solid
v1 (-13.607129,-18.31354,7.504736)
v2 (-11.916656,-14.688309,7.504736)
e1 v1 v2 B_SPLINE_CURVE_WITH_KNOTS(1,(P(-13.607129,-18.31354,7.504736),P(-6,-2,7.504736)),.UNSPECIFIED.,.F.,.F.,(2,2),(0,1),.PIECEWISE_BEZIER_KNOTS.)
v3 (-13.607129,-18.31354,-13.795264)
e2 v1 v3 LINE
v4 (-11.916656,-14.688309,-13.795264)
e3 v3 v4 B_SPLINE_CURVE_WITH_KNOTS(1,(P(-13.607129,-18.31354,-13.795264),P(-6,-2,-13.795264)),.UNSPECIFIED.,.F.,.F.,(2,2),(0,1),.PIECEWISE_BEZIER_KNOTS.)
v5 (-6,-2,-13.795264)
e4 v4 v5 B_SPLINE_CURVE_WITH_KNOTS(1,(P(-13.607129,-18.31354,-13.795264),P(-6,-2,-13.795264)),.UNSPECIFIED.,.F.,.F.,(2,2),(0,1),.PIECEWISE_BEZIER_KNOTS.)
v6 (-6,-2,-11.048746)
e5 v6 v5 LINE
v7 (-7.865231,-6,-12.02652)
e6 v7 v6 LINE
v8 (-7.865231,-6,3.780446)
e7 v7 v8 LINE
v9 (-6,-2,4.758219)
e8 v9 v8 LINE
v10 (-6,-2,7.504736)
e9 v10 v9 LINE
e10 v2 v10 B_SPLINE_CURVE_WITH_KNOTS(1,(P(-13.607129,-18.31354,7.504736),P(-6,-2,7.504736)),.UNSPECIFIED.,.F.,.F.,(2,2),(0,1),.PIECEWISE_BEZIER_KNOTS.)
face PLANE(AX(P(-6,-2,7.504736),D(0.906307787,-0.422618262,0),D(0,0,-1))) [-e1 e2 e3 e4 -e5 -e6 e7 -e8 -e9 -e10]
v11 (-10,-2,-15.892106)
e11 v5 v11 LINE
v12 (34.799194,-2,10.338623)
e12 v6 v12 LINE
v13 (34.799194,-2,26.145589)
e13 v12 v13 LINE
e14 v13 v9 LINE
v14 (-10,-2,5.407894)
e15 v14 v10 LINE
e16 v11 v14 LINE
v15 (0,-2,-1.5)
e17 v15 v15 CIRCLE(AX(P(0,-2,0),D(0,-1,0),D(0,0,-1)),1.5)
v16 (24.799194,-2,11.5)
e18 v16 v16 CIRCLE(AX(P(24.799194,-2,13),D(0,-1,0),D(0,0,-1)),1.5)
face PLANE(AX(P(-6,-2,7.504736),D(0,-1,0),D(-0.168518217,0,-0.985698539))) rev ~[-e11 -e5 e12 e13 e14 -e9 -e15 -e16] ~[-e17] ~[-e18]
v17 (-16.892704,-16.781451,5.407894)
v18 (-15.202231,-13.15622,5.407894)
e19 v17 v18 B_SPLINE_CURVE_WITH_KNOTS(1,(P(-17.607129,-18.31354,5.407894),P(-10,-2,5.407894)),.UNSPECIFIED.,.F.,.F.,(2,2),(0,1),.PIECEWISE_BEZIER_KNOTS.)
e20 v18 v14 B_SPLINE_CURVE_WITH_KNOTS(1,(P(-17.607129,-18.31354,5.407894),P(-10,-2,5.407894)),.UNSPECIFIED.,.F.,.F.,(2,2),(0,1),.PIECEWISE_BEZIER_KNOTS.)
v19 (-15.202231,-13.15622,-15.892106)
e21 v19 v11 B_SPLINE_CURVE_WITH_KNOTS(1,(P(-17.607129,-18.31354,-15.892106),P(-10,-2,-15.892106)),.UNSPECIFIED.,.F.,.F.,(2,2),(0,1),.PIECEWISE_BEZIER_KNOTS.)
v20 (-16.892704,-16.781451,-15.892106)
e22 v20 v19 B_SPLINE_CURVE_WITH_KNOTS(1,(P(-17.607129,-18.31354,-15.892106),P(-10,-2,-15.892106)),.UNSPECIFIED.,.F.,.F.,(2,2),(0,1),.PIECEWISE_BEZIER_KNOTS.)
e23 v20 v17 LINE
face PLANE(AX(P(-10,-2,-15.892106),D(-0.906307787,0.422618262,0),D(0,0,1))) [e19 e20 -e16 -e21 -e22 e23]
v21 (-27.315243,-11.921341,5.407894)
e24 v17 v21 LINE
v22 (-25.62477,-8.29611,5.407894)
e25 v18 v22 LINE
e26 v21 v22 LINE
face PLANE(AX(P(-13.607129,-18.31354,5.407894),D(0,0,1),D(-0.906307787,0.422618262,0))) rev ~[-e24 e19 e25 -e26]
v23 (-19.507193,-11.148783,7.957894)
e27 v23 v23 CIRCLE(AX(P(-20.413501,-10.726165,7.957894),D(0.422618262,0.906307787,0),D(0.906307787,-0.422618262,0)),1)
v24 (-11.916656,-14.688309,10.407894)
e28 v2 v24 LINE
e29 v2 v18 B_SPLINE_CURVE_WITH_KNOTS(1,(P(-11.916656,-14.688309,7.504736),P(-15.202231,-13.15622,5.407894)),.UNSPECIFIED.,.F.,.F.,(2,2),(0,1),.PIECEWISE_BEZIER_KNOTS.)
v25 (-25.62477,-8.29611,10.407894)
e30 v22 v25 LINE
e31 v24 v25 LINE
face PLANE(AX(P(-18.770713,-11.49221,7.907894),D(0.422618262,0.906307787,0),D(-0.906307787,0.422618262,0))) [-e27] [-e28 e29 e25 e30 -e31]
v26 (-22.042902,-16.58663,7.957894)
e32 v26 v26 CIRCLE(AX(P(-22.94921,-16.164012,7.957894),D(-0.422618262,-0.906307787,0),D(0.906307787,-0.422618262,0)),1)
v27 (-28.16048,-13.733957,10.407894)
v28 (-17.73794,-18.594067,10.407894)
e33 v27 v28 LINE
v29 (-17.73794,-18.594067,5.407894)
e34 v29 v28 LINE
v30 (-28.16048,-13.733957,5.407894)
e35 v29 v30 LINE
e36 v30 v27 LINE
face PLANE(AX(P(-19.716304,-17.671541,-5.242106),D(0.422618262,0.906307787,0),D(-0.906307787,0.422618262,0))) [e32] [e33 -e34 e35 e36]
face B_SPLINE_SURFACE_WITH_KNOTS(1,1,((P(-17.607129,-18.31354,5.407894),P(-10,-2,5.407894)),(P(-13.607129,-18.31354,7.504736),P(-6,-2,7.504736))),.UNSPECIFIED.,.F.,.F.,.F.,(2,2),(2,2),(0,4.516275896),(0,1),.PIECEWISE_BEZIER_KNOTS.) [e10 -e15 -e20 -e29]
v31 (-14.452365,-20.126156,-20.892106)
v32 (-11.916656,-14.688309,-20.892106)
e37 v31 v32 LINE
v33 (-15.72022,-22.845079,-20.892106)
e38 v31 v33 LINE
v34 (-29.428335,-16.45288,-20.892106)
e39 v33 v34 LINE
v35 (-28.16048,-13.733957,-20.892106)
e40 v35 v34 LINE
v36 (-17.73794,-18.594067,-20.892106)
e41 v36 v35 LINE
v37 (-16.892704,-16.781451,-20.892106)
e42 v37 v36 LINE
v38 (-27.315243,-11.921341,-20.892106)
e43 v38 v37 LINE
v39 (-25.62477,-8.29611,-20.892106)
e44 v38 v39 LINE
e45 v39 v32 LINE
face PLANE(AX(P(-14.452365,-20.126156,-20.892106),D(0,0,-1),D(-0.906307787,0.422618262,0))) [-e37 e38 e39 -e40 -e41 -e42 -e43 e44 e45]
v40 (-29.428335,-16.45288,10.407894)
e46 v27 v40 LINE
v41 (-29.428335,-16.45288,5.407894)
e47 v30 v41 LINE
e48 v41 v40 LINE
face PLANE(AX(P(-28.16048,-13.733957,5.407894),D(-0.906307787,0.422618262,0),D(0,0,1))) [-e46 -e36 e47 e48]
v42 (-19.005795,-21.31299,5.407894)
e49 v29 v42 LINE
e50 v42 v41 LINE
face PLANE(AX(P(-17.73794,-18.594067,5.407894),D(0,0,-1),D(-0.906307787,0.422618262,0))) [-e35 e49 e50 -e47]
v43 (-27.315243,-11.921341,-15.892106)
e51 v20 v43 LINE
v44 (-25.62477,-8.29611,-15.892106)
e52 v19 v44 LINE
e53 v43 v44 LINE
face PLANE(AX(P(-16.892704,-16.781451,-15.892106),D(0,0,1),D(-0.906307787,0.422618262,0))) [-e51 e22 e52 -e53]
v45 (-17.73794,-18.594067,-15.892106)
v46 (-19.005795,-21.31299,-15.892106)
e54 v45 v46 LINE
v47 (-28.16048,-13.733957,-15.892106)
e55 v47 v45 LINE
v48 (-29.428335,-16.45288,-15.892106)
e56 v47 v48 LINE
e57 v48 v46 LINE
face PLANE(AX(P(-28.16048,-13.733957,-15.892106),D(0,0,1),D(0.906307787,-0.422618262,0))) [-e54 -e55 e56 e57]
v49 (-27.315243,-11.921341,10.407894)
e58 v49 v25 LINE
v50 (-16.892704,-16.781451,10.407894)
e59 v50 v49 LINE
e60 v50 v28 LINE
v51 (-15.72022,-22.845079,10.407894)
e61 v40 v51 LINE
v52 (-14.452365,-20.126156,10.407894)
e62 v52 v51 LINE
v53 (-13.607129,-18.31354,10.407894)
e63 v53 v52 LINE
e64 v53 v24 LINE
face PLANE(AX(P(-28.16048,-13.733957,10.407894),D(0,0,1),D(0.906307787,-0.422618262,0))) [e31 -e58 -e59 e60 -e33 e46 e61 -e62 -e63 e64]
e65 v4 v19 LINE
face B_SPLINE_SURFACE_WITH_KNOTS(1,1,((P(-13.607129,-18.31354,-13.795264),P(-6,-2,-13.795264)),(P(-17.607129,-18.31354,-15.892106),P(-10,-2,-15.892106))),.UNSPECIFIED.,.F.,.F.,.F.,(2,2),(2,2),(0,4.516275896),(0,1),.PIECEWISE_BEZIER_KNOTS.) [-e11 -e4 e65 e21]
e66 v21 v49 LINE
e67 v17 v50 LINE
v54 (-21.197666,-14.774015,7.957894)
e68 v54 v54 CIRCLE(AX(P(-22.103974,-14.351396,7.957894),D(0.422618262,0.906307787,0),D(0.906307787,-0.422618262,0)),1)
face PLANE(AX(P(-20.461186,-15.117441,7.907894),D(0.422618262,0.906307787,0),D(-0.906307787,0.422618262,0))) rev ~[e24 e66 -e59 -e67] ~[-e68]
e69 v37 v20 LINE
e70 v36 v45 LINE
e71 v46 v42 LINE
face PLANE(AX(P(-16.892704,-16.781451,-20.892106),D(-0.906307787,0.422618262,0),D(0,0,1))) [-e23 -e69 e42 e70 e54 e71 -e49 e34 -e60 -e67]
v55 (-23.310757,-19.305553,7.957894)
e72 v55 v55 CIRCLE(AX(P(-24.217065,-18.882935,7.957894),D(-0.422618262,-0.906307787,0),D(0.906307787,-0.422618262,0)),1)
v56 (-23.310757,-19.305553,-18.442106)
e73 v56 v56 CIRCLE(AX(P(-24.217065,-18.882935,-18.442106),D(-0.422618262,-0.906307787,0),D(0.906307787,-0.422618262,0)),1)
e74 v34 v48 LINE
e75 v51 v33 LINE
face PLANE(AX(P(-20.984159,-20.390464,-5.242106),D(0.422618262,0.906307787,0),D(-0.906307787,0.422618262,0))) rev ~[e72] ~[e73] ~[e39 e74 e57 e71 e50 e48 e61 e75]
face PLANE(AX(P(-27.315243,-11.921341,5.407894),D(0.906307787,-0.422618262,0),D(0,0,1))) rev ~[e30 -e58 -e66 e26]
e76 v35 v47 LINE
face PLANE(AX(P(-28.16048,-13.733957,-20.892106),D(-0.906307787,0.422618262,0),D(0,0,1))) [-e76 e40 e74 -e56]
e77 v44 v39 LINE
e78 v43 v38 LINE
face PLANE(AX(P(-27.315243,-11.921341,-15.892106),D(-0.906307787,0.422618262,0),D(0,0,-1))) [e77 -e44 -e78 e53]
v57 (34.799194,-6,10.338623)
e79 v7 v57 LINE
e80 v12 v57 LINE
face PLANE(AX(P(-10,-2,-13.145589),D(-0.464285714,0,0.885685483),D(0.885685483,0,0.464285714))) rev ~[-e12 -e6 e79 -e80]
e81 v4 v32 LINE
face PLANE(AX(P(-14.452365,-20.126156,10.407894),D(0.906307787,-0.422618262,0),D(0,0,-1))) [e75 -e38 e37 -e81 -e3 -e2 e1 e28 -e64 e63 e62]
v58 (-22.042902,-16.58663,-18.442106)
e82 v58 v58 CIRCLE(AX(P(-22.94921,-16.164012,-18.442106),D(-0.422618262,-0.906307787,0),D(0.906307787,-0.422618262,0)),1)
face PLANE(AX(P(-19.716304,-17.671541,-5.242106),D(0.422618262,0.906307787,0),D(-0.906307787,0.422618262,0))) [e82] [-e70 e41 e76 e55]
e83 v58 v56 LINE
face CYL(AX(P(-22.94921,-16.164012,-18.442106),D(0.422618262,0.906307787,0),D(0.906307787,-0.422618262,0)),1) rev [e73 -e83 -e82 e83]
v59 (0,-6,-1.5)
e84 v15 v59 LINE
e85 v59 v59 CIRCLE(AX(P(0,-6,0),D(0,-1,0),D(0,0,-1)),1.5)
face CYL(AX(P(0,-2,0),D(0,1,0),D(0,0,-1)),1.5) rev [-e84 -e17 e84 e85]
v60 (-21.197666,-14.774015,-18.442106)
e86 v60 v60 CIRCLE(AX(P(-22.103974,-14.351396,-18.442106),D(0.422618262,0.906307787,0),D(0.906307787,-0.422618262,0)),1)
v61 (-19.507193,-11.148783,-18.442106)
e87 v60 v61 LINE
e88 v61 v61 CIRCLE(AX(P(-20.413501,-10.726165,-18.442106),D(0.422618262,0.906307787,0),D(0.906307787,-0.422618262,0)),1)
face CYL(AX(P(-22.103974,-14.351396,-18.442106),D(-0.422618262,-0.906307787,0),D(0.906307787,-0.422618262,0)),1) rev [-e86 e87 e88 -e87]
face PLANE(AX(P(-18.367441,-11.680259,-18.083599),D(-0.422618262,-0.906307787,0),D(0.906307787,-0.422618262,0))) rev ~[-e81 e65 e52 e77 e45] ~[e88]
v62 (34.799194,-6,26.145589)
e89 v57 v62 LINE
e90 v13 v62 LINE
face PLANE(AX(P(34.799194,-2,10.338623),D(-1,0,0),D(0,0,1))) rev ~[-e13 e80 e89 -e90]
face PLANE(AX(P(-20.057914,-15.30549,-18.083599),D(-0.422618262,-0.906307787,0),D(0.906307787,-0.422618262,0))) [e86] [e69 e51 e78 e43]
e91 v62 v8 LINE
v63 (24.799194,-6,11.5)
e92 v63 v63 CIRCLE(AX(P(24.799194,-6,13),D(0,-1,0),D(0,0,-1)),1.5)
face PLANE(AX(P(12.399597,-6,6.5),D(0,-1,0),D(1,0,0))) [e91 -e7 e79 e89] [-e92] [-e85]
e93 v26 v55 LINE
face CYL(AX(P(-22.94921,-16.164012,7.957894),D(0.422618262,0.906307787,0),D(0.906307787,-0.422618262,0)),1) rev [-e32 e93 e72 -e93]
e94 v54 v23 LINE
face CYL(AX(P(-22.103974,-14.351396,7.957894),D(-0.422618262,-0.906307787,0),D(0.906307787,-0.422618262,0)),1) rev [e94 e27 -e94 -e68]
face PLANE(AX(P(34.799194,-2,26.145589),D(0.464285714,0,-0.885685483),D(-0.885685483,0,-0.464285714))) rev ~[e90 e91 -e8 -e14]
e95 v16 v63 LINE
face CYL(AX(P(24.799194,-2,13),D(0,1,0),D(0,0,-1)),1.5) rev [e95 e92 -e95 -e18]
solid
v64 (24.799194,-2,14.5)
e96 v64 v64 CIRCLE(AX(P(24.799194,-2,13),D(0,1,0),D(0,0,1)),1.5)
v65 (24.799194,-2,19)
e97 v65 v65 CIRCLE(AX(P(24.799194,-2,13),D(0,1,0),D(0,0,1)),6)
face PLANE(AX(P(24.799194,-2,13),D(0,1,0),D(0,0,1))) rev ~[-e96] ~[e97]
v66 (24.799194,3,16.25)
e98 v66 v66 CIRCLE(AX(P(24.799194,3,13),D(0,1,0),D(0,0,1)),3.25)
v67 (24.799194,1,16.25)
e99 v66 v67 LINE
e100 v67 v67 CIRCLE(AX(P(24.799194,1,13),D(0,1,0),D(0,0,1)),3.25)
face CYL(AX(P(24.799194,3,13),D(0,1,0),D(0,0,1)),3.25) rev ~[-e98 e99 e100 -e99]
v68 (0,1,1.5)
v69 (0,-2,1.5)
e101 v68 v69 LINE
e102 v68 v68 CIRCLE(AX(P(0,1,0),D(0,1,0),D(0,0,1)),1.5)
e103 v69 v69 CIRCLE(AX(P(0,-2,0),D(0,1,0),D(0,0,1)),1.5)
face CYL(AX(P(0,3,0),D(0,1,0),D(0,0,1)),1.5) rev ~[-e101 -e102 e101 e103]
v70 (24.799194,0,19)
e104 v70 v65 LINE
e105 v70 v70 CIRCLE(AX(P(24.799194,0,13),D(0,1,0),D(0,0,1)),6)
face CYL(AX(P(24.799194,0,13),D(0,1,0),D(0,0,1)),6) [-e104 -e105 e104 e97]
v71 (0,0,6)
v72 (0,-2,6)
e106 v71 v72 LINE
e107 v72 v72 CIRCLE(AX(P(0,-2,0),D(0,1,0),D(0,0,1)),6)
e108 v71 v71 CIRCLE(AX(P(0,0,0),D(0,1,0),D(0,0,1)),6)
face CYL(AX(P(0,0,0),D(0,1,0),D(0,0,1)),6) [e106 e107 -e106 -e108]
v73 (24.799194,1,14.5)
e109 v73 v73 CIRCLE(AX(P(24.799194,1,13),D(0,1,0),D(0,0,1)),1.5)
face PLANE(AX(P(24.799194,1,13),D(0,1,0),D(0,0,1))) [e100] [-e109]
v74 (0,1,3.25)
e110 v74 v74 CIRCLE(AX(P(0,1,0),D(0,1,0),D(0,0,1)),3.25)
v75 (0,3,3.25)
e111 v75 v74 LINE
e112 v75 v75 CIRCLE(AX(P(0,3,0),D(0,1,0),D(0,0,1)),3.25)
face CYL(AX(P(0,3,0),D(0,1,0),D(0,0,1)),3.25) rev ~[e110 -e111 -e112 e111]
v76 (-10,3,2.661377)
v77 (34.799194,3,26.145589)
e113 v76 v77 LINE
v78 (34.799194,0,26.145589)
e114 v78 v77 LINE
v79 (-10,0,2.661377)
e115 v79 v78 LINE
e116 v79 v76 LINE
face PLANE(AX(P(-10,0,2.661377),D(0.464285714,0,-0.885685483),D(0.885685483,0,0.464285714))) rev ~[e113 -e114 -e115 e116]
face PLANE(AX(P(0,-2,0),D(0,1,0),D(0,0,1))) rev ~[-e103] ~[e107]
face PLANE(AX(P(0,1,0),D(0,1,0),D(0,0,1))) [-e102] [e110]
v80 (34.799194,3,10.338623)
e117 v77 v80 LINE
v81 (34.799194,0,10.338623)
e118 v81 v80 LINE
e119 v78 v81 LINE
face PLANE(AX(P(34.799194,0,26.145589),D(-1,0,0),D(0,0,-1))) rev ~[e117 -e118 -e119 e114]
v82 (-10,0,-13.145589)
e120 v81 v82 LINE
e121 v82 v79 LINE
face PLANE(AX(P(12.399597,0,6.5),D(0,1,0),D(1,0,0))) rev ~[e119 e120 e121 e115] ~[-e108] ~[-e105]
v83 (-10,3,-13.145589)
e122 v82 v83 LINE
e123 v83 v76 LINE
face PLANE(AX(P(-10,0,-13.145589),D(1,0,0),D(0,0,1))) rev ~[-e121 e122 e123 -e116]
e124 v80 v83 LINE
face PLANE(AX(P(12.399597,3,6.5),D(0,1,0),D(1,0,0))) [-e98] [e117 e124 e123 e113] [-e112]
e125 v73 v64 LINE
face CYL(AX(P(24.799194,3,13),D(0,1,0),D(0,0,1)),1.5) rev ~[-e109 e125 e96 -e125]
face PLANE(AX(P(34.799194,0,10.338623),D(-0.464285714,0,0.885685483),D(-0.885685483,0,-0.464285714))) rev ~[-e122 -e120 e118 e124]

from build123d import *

# Parameters (mm, degrees)
BOSS_EXTRUDE1_DEPTH     = 3
SKETCH1_R               = 6
BOSS_EXTRUDE3_DEPTH     = 2
SKETCH4_R               = 1.5
CUT_EXTRUDE1_DEPTH      = 44.812962497
SKETCH5_R               = 3.25
CUT_EXTRUDE2_DEPTH      = 2
SKETCH6_R               = 1.5
BOSS_EXTRUDE4_DEPTH     = 4
CUT_EXTRUDE3_DEPTH      = 48.222467532
CUT_EXTRUDE3_DEPTH_BACK = 48.222467532
SKETCH9_W               = 15.125231148
SKETCH9_H               = 5
SKETCH9_R               = 1
BOSS_EXTRUDE6_DEPTH     = 4
SKETCH10_W              = 3.625231148
SKETCH10_H              = 31.3
BOSS_EXTRUDE7_DEPTH     = 2
SKETCH11_R              = 1
BOSS_EXTRUDE8_DEPTH     = 3


with BuildPart() as part:
    # Sketch3 → Boss-Extrude1 (new body)
    with BuildSketch(Plane(origin=(0, 0, 0), x_dir=(1, 0, 0), z_dir=(0, 1, 0))):
        Polygon((-10, 13.145588768), (-10, -2.661376867), (34.799193535, -26.145588768), (34.799193535, -10.338623133), align=None)
    extrude(amount=BOSS_EXTRUDE1_DEPTH)

    # Sketch1 → Boss-Extrude3 (add)
    with BuildSketch(Plane(origin=(0, 0, 0), x_dir=(1, 0, 0), z_dir=(0, 1, 0))):
        with Locations(Location((0, 0, 0), (0, 0, 270))):
            Circle(SKETCH1_R)
        with Locations(Location((24.799193535, -13, 0), (0, 0, 270))):
            Circle(SKETCH1_R)
    extrude(amount=-BOSS_EXTRUDE3_DEPTH)

    # Sketch4 → Cut-Extrude1 (cut, through all)
    with BuildSketch(Plane(origin=(0, 3, 0), x_dir=(1, 0, 0), z_dir=(0, 1, 0))):
        with Locations(Location((0, 0, 0), (0, 0, 270))):
            Circle(SKETCH4_R)
        with Locations(Location((24.799193535, -13, 0), (0, 0, 270))):
            Circle(SKETCH4_R)
    extrude(amount=-CUT_EXTRUDE1_DEPTH, mode=Mode.SUBTRACT)

    # Sketch5 → Cut-Extrude2 (cut)
    with BuildSketch(Plane(origin=(0, 3, 0), x_dir=(1, 0, 0), z_dir=(0, 1, 0))):
        with Locations(Location((0, 0, 0), (0, 0, 270))):
            Circle(SKETCH5_R)
        with Locations(Location((24.799193535, -13, 0), (0, 0, 270))):
            Circle(SKETCH5_R)
    extrude(amount=-CUT_EXTRUDE2_DEPTH, mode=Mode.SUBTRACT)


with BuildPart() as body_2:
    # Sketch6 → Boss-Extrude4 (new body)
    with BuildSketch(Plane.XZ.offset(2)):
        Polygon((-10, 2.661376867), (-10, -13.145588768), (34.799193535, 10.338623133), (34.799193535, 26.145588768), align=None)
        with Locations(Location((0, 0, 0), (0, 0, 270))):
            Circle(SKETCH6_R, mode=Mode.SUBTRACT)
        with Locations(Location((24.799193535, 13, 0), (0, 0, 270))):
            Circle(SKETCH6_R, mode=Mode.SUBTRACT)
    extrude(amount=BOSS_EXTRUDE4_DEPTH)

    # Sketch16 → Loft1 section 0
    with BuildSketch(Plane(origin=(0, -18.313540167, 0), x_dir=(-1, 0, 0), z_dir=(0, -1, 0))):
        with BuildLine():
            Line((13.607128711, -7.50473643), (13.607128711, 13.79526357))
            Line((13.607128711, 13.79526357), (17.607128711, 15.892105951))
            Line((17.607128711, 15.892105951), (17.607128711, -5.407894049))
            Line((17.607128711, -5.407894049), (13.607128711, -7.50473643))
        make_face()
    # Sketch7 → Loft1 section 1
    with BuildSketch(Plane(origin=(0, -2, 0), x_dir=(1, 0, 0), z_dir=(0, 1, 0))):
        with BuildLine():
            Line((-10, 15.892105951), (-10, -5.407894049))
            Line((-10, -5.407894049), (-6, -7.50473643))
            Line((-6, -7.50473643), (-6, 13.79526357))
            Line((-6, 13.79526357), (-10, 15.892105951))
        make_face()
    loft()

    # Sketch17 → Cut-Extrude3 (cut, two sides: drawn at the far end of the back side and taken through both)
    with BuildSketch(Plane.XY.offset(-CUT_EXTRUDE3_DEPTH_BACK)):
        Polygon((-17.607128711, -18.313540167), (-13.607128711, -18.313540167), (-16.892703931, -16.78145128), align=None)
    extrude(amount=CUT_EXTRUDE3_DEPTH + CUT_EXTRUDE3_DEPTH_BACK, mode=Mode.SUBTRACT)

    # Sketch9 → Boss-Extrude6 (add)
    # profile 1 of 2: a face of its own
    with BuildSketch(Plane(origin=(-26.705419865, -12.205706693, 0), x_dir=(-0.9063077870366525, 0.42261826174069417, 0), z_dir=(0.4226182617406941, 0.9063077870366524, 0))):
        with Locations((-6.889749661, 7.907894049)):
            Rectangle(SKETCH9_W, SKETCH9_H)
        with Locations(Location((-5.077134087, 7.957894049, 0), (0, 0, 180))):
            Circle(SKETCH9_R, mode=Mode.SUBTRACT)
    # profile 2 of 2: a face of its own
    with BuildSketch(Plane(origin=(-26.705419865, -12.205706693, 0), x_dir=(-0.9063077870366525, 0.42261826174069417, 0), z_dir=(0.4226182617406941, 0.9063077870366524, 0))):
        Polygon((-10.827134087, -15.892105951), (0.672865913, -15.892105951), (0.672865913, -20.892105951), (-14.452365235, -20.892105951), (-14.452365235, -15.892105951), (-14.452365235, -13.79526357), align=None)
        with Locations(Location((-5.077134087, -18.442105951, 0), (0, 0, 180))):
            Circle(SKETCH9_R, mode=Mode.SUBTRACT)
    extrude(amount=BOSS_EXTRUDE6_DEPTH)

    # Sketch10 → Boss-Extrude7 (add)
    with BuildSketch(Plane(origin=(-50.114461272, -1.289891415, 0), x_dir=(-0.9063077870366525, 0.42261826174069417, 0), z_dir=(0.4226182617406941, 0.9063077870366524, 0))):
        with Locations((-38.468769054, -5.242105951)):
            Rectangle(SKETCH10_W, SKETCH10_H)
    extrude(amount=-BOSS_EXTRUDE7_DEPTH)

    # Sketch11 → Boss-Extrude8 (add)
    with BuildSketch(Plane(origin=(-10.290046849, -22.06707668, 0), x_dir=(0.9063077870366528, -0.4226182617406936, 0), z_dir=(-0.4226182617406936, -0.9063077870366528, 0))):
        Polygon((-19.717841347, 10.407894049), (-4.592610199, 10.407894049), (-4.592610199, -20.892105951), (-19.717841347, -20.892105951), (-19.717841347, -15.892105951), (-8.217841347, -15.892105951), (-8.217841347, 5.407894049), (-19.717841347, 5.407894049), align=None)
        with Locations((-13.967841347, -18.442105951)):
            Circle(SKETCH11_R, mode=Mode.SUBTRACT)
        with Locations((-13.967841347, 7.957894049)):
            Circle(SKETCH11_R, mode=Mode.SUBTRACT)
    extrude(amount=BOSS_EXTRUDE8_DEPTH)


solid = Compound([part.part, body_2.part])
